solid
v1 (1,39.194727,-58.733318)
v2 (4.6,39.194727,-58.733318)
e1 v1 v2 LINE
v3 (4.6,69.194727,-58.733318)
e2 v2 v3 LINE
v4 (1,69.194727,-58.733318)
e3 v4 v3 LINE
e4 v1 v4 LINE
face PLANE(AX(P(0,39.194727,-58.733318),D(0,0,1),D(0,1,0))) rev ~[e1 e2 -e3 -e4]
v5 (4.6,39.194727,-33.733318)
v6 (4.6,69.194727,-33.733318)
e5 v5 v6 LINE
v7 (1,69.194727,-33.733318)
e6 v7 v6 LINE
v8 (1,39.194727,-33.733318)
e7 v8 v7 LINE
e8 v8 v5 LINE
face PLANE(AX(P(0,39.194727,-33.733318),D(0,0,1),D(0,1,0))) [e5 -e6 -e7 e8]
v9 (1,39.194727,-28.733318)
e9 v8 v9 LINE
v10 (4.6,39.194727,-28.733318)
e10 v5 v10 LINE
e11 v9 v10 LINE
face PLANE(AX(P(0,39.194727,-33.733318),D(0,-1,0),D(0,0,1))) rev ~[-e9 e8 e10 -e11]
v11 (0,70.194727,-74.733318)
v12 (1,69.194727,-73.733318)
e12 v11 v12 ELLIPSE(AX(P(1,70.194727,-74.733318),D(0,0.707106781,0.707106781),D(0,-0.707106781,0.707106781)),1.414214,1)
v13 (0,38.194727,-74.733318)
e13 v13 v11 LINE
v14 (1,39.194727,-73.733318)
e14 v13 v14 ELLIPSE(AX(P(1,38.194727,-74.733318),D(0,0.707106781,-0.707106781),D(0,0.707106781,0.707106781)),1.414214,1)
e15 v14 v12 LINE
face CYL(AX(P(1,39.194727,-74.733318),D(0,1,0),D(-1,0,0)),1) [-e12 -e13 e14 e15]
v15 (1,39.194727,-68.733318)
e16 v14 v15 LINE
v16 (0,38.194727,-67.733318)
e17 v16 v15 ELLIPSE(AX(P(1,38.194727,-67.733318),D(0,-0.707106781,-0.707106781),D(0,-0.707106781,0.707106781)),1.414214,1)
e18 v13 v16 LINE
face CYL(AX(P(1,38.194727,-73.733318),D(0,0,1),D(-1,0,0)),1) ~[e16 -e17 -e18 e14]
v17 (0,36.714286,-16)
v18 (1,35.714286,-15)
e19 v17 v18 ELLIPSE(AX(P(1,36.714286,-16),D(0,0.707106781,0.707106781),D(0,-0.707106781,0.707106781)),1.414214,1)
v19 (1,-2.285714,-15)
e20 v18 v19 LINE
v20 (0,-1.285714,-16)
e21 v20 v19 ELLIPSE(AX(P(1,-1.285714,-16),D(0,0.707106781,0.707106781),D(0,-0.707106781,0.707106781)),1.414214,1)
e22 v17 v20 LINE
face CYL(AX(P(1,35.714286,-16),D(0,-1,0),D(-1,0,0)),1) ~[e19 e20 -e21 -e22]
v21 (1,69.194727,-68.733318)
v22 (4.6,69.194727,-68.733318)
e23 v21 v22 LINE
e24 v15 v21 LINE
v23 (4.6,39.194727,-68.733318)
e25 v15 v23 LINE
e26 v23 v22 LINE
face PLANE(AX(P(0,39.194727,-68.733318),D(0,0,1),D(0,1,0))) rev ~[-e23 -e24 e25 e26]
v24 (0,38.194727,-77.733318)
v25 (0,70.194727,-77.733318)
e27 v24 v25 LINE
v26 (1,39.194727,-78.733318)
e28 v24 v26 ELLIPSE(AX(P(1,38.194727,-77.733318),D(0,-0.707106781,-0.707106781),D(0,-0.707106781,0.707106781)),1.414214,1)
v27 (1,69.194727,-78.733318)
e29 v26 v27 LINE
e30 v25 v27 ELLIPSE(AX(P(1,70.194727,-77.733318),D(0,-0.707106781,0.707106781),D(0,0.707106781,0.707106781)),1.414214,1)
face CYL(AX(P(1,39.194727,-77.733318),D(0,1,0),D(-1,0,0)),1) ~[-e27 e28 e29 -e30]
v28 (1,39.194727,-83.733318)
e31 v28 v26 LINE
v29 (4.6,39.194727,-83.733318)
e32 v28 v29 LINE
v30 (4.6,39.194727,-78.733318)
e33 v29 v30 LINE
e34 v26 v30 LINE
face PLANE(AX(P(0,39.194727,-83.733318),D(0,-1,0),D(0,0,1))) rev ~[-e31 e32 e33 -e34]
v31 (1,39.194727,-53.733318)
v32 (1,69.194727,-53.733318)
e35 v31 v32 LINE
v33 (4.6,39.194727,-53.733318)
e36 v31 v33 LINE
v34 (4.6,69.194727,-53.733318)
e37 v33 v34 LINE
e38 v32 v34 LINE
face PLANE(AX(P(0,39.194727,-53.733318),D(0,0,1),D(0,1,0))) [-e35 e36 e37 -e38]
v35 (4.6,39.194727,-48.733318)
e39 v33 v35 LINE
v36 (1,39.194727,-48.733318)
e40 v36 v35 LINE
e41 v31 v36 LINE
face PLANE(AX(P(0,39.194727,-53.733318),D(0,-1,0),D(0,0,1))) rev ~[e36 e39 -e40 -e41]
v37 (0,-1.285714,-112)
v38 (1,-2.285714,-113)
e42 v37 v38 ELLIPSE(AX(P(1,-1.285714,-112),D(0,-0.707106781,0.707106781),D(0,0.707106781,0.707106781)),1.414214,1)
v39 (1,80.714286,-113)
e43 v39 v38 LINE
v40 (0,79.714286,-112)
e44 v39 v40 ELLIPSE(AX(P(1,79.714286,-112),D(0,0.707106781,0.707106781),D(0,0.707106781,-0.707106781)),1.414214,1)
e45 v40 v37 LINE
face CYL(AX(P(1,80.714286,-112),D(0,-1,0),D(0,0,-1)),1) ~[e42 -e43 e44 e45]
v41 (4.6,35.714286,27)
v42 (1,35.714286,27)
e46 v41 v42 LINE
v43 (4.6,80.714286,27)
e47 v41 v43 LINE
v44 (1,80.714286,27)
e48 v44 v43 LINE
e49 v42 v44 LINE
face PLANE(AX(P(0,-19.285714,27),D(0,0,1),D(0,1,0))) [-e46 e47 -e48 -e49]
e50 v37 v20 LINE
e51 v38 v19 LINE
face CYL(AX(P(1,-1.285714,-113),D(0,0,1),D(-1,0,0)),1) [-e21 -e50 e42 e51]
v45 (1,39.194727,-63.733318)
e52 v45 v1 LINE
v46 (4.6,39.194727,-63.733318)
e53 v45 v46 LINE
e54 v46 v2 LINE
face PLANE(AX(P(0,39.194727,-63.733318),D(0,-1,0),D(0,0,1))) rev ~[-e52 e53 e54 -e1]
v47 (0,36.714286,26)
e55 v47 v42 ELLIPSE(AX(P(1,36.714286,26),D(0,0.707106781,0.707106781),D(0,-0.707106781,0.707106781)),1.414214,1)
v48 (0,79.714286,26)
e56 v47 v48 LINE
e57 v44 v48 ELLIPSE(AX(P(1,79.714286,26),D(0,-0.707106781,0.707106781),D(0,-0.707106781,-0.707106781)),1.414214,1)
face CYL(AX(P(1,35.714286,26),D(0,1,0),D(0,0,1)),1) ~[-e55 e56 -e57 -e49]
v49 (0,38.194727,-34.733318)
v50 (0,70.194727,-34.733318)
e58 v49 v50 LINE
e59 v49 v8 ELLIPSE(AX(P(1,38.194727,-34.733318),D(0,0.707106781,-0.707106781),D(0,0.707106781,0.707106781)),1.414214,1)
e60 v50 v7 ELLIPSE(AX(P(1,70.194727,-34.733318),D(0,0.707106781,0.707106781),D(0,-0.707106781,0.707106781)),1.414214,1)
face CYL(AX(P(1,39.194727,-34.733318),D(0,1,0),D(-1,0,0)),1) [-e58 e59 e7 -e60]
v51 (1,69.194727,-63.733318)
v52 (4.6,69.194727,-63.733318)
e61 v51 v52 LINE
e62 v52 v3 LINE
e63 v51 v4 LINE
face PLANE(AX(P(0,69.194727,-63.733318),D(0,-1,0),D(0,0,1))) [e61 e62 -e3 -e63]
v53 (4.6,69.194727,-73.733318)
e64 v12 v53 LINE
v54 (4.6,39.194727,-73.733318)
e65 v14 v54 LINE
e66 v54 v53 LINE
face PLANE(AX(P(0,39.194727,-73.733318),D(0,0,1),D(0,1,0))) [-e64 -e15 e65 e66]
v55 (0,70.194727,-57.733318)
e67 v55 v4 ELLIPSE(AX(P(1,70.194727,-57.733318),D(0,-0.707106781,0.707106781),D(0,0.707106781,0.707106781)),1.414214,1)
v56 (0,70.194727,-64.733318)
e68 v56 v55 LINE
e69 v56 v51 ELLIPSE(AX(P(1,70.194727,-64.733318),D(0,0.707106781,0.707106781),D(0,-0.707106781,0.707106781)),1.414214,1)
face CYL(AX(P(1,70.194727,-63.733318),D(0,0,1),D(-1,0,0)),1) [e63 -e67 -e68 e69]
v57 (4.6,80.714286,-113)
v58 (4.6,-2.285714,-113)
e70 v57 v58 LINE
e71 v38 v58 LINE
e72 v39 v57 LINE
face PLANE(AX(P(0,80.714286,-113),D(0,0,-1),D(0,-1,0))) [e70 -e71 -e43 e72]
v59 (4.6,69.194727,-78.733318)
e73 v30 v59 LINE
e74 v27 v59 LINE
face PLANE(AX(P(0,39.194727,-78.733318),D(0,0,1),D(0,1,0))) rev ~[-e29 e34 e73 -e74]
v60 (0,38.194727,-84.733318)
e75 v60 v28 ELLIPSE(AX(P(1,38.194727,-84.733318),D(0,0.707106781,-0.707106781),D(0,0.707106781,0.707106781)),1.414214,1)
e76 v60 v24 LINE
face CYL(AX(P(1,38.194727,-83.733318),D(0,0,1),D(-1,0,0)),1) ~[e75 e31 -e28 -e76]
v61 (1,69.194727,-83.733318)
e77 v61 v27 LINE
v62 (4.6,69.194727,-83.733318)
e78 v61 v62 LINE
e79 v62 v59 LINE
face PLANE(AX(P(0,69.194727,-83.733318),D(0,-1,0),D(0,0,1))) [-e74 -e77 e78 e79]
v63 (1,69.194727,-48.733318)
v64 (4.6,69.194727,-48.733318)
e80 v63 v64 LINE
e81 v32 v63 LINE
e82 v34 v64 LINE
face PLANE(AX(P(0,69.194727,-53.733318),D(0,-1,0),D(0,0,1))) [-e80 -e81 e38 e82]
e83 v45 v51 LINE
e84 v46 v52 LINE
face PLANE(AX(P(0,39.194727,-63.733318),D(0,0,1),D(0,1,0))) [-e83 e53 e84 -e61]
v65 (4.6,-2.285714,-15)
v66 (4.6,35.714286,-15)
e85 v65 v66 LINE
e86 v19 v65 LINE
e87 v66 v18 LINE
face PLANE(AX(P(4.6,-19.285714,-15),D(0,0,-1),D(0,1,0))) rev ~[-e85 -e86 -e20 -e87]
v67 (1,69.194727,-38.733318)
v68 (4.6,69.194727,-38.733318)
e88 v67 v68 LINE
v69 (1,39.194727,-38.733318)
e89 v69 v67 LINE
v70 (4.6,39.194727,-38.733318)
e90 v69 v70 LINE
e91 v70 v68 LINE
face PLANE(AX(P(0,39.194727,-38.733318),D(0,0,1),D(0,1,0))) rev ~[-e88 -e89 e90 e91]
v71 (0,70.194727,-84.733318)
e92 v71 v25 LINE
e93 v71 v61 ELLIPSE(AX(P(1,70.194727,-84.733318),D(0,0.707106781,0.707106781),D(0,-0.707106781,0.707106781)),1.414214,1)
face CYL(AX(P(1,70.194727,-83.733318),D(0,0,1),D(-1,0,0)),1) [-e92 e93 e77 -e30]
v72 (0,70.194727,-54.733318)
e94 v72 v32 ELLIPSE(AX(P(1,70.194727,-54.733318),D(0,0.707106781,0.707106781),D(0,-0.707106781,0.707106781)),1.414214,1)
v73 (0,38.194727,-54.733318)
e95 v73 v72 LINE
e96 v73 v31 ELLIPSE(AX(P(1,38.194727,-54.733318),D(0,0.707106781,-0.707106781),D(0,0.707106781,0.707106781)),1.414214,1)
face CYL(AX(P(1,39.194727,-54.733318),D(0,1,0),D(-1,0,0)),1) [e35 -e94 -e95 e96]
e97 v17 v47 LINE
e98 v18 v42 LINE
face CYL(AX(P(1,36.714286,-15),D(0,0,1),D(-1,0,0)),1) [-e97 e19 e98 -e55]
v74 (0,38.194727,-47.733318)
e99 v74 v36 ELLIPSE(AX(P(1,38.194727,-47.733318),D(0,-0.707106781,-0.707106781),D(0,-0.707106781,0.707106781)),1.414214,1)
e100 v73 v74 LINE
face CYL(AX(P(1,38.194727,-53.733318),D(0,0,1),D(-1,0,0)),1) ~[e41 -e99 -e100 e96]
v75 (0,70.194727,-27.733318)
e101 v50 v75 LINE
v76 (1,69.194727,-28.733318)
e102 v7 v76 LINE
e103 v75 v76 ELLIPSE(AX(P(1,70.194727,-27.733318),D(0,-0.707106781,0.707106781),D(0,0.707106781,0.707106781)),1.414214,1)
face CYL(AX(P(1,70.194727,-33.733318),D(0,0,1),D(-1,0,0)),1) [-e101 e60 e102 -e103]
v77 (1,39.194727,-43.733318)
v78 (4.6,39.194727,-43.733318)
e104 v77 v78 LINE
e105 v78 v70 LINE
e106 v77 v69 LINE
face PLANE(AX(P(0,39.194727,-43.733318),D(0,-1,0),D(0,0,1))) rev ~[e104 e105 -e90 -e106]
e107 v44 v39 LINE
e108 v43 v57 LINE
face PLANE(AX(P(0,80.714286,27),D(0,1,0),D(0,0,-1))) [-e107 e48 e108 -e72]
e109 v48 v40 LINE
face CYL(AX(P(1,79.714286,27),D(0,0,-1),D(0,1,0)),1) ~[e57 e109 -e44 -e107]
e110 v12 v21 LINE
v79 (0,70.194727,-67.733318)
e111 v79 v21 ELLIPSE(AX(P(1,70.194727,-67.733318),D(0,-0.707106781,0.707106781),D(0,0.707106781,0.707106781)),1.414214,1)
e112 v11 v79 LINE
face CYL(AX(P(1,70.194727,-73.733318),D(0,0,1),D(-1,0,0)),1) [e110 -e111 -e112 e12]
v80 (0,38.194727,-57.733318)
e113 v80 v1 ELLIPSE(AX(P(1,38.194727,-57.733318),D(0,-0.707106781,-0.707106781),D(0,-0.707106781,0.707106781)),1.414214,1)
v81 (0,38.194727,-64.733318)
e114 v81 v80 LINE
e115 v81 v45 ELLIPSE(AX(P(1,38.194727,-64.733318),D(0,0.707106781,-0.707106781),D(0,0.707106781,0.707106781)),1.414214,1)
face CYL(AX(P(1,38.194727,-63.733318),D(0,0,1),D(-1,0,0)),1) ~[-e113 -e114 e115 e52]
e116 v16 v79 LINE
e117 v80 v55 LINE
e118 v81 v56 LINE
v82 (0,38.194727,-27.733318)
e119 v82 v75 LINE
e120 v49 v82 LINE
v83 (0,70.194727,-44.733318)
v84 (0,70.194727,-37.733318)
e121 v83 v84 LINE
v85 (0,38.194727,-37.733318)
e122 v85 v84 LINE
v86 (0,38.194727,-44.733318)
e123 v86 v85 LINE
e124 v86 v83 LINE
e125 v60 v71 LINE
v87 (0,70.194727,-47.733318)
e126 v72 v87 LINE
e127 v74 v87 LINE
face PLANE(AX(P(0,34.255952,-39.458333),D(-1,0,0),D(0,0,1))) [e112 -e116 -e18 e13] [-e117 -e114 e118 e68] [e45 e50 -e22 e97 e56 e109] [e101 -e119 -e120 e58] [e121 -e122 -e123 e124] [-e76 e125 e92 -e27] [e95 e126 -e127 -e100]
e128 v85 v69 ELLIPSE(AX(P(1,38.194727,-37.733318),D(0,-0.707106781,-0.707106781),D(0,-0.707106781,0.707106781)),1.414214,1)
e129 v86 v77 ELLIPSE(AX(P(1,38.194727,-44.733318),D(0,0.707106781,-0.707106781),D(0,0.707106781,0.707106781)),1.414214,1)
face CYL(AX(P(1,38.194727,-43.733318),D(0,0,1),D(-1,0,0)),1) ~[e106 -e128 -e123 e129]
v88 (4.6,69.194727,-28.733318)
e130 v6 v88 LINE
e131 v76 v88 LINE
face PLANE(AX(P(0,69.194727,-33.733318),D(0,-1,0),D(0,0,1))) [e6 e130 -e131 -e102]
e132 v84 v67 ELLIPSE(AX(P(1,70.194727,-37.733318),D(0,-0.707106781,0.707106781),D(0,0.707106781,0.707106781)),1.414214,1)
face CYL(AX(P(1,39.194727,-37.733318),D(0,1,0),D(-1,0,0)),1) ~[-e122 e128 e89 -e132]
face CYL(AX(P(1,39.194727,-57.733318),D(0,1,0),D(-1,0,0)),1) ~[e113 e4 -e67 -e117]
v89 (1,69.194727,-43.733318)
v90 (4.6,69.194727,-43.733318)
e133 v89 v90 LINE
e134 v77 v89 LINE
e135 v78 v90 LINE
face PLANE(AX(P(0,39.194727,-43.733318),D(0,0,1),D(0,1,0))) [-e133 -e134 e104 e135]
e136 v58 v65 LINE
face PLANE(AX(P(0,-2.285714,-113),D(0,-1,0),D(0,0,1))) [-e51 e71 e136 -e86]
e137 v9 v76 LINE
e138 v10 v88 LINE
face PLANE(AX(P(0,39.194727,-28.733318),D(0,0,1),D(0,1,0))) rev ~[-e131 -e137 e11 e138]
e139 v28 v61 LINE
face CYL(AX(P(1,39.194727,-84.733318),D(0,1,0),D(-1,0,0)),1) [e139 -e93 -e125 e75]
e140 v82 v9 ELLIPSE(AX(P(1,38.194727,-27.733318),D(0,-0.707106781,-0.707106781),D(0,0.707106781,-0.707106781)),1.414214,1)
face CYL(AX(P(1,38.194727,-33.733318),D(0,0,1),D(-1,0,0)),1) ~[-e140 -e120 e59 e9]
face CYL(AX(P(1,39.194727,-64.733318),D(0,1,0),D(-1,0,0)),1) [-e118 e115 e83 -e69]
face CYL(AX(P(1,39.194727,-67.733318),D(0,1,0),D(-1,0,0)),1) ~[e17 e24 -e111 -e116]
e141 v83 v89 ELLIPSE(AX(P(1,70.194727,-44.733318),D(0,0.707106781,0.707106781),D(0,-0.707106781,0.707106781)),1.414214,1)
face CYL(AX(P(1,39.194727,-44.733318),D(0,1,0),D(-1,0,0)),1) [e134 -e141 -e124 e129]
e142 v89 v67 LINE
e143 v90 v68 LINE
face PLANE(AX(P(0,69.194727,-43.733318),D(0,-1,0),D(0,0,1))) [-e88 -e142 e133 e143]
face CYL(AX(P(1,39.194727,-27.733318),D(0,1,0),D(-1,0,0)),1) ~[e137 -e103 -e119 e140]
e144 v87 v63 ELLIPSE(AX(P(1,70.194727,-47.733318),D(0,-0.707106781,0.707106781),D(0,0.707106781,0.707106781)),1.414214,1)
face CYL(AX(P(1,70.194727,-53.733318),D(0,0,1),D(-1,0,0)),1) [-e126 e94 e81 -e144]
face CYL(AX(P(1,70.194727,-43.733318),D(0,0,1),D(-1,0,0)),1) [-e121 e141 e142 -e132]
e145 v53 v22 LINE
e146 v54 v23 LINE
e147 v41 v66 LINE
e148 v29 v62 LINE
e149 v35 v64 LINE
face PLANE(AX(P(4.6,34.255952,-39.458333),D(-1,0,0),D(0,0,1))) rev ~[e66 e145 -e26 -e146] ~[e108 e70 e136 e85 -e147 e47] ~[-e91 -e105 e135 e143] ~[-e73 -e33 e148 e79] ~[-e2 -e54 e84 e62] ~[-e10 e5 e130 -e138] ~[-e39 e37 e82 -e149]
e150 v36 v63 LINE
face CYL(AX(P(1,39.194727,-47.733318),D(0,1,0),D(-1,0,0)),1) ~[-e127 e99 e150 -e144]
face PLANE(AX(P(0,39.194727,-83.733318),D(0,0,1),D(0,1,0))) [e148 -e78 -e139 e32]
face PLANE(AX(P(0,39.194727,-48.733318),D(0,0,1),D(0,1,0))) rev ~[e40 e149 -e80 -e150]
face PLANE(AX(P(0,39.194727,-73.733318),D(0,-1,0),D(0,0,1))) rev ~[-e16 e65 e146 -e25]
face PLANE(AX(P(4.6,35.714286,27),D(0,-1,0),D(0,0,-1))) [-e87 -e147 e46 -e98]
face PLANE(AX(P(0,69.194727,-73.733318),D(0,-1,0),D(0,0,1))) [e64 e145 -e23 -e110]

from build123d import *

# Parameters (mm, degrees)
BOSS_EXTRUDE1_DEPTH = 4.6
SKETCH2_W           = 42
SKETCH2_H           = 55
CUT_EXTRUDE1_DEPTH  = 139.94227549
SKETCH4_W           = 5
SKETCH4_H           = 30
CUT_EXTRUDE3_DEPTH  = 10
FILLET1_R           = 1


with BuildPart() as part:
    # Sketch1 → Boss-Extrude1 (new body)
    with BuildSketch(Plane(origin=(0, 0, 0), x_dir=(0, 0, -1), z_dir=(1, 0, 0))):
        Polygon((-27, 80.714285714), (113, 80.714285714), (113, -2.285714286), (13, -2.285714286), (13, -19.285714286), (-27, -19.285714286), align=None)
    extrude(amount=BOSS_EXTRUDE1_DEPTH)

    # Sketch2 → Cut-Extrude1 (cut, through all)
    with BuildSketch(Plane(origin=(4.6, 0, 0), x_dir=(0, 0, -1), z_dir=(1, 0, 0))):
        with Locations((-6, 8.214285714)):
            Rectangle(SKETCH2_W, SKETCH2_H)
    extrude(amount=-CUT_EXTRUDE1_DEPTH, mode=Mode.SUBTRACT)

    # Sketch4 → Cut-Extrude3 (cut)
    with BuildSketch(Plane.ZY):
        with Locations((-41.233318098, 54.194727162)):
            Rectangle(SKETCH4_W, SKETCH4_H)
        with Locations((-31.233318098, 54.194727162)):
            Rectangle(SKETCH4_W, SKETCH4_H)
        with Locations((-51.233318098, 54.194727162)):
            Rectangle(SKETCH4_W, SKETCH4_H)
        with Locations((-61.233318098, 54.194727162)):
            Rectangle(SKETCH4_W, SKETCH4_H)
        with Locations((-71.233318098, 54.194727162)):
            Rectangle(SKETCH4_W, SKETCH4_H)
        with Locations((-81.233318098, 54.194727162)):
            Rectangle(SKETCH4_W, SKETCH4_H)
    extrude(amount=-CUT_EXTRUDE3_DEPTH, mode=Mode.SUBTRACT)

    # Fillet1
    fillet1_edges = [part.edges().sort_by_distance(p)[0] for p in [
        (0, 39.194727162, -71.233318098),
        (0, 54.194727162, -68.733318098),
        (0, 69.194727162, -71.233318098),
        (0, 54.194727162, -73.733318098),
        (0, 39.194727162, -81.233318098),
        (0, 54.194727162, -78.733318098),
        (0, 69.194727162, -81.233318098),
        (0, 54.194727162, -83.733318098),
        (0, -2.285714286, -64),
        (0, 16.714285714, -15),
        (0, 35.714285714, 6),
        (0, 80.714285714, -43),
        (0, 39.214285714, -113),
        (0, 54.194727162, -28.733318098),
        (0, 69.194727162, -31.233318098),
        (0, 54.194727162, -33.733318098),
        (0, 39.194727162, -31.233318098),
        (0, 39.194727162, -41.233318098),
        (0, 54.194727162, -38.733318098),
        (0, 69.194727162, -41.233318098),
        (0, 54.194727162, -43.733318098),
        (0, 58.214285714, 27),
        (0, 39.194727162, -51.233318098),
        (0, 54.194727162, -48.733318098),
        (0, 69.194727162, -51.233318098),
        (0, 54.194727162, -53.733318098),
        (0, 39.194727162, -61.233318098),
        (0, 54.194727162, -58.733318098),
        (0, 69.194727162, -61.233318098),
        (0, 54.194727162, -63.733318098),
    ]]
    fillet(fillet1_edges, radius=FILLET1_R)


solid = part.part
